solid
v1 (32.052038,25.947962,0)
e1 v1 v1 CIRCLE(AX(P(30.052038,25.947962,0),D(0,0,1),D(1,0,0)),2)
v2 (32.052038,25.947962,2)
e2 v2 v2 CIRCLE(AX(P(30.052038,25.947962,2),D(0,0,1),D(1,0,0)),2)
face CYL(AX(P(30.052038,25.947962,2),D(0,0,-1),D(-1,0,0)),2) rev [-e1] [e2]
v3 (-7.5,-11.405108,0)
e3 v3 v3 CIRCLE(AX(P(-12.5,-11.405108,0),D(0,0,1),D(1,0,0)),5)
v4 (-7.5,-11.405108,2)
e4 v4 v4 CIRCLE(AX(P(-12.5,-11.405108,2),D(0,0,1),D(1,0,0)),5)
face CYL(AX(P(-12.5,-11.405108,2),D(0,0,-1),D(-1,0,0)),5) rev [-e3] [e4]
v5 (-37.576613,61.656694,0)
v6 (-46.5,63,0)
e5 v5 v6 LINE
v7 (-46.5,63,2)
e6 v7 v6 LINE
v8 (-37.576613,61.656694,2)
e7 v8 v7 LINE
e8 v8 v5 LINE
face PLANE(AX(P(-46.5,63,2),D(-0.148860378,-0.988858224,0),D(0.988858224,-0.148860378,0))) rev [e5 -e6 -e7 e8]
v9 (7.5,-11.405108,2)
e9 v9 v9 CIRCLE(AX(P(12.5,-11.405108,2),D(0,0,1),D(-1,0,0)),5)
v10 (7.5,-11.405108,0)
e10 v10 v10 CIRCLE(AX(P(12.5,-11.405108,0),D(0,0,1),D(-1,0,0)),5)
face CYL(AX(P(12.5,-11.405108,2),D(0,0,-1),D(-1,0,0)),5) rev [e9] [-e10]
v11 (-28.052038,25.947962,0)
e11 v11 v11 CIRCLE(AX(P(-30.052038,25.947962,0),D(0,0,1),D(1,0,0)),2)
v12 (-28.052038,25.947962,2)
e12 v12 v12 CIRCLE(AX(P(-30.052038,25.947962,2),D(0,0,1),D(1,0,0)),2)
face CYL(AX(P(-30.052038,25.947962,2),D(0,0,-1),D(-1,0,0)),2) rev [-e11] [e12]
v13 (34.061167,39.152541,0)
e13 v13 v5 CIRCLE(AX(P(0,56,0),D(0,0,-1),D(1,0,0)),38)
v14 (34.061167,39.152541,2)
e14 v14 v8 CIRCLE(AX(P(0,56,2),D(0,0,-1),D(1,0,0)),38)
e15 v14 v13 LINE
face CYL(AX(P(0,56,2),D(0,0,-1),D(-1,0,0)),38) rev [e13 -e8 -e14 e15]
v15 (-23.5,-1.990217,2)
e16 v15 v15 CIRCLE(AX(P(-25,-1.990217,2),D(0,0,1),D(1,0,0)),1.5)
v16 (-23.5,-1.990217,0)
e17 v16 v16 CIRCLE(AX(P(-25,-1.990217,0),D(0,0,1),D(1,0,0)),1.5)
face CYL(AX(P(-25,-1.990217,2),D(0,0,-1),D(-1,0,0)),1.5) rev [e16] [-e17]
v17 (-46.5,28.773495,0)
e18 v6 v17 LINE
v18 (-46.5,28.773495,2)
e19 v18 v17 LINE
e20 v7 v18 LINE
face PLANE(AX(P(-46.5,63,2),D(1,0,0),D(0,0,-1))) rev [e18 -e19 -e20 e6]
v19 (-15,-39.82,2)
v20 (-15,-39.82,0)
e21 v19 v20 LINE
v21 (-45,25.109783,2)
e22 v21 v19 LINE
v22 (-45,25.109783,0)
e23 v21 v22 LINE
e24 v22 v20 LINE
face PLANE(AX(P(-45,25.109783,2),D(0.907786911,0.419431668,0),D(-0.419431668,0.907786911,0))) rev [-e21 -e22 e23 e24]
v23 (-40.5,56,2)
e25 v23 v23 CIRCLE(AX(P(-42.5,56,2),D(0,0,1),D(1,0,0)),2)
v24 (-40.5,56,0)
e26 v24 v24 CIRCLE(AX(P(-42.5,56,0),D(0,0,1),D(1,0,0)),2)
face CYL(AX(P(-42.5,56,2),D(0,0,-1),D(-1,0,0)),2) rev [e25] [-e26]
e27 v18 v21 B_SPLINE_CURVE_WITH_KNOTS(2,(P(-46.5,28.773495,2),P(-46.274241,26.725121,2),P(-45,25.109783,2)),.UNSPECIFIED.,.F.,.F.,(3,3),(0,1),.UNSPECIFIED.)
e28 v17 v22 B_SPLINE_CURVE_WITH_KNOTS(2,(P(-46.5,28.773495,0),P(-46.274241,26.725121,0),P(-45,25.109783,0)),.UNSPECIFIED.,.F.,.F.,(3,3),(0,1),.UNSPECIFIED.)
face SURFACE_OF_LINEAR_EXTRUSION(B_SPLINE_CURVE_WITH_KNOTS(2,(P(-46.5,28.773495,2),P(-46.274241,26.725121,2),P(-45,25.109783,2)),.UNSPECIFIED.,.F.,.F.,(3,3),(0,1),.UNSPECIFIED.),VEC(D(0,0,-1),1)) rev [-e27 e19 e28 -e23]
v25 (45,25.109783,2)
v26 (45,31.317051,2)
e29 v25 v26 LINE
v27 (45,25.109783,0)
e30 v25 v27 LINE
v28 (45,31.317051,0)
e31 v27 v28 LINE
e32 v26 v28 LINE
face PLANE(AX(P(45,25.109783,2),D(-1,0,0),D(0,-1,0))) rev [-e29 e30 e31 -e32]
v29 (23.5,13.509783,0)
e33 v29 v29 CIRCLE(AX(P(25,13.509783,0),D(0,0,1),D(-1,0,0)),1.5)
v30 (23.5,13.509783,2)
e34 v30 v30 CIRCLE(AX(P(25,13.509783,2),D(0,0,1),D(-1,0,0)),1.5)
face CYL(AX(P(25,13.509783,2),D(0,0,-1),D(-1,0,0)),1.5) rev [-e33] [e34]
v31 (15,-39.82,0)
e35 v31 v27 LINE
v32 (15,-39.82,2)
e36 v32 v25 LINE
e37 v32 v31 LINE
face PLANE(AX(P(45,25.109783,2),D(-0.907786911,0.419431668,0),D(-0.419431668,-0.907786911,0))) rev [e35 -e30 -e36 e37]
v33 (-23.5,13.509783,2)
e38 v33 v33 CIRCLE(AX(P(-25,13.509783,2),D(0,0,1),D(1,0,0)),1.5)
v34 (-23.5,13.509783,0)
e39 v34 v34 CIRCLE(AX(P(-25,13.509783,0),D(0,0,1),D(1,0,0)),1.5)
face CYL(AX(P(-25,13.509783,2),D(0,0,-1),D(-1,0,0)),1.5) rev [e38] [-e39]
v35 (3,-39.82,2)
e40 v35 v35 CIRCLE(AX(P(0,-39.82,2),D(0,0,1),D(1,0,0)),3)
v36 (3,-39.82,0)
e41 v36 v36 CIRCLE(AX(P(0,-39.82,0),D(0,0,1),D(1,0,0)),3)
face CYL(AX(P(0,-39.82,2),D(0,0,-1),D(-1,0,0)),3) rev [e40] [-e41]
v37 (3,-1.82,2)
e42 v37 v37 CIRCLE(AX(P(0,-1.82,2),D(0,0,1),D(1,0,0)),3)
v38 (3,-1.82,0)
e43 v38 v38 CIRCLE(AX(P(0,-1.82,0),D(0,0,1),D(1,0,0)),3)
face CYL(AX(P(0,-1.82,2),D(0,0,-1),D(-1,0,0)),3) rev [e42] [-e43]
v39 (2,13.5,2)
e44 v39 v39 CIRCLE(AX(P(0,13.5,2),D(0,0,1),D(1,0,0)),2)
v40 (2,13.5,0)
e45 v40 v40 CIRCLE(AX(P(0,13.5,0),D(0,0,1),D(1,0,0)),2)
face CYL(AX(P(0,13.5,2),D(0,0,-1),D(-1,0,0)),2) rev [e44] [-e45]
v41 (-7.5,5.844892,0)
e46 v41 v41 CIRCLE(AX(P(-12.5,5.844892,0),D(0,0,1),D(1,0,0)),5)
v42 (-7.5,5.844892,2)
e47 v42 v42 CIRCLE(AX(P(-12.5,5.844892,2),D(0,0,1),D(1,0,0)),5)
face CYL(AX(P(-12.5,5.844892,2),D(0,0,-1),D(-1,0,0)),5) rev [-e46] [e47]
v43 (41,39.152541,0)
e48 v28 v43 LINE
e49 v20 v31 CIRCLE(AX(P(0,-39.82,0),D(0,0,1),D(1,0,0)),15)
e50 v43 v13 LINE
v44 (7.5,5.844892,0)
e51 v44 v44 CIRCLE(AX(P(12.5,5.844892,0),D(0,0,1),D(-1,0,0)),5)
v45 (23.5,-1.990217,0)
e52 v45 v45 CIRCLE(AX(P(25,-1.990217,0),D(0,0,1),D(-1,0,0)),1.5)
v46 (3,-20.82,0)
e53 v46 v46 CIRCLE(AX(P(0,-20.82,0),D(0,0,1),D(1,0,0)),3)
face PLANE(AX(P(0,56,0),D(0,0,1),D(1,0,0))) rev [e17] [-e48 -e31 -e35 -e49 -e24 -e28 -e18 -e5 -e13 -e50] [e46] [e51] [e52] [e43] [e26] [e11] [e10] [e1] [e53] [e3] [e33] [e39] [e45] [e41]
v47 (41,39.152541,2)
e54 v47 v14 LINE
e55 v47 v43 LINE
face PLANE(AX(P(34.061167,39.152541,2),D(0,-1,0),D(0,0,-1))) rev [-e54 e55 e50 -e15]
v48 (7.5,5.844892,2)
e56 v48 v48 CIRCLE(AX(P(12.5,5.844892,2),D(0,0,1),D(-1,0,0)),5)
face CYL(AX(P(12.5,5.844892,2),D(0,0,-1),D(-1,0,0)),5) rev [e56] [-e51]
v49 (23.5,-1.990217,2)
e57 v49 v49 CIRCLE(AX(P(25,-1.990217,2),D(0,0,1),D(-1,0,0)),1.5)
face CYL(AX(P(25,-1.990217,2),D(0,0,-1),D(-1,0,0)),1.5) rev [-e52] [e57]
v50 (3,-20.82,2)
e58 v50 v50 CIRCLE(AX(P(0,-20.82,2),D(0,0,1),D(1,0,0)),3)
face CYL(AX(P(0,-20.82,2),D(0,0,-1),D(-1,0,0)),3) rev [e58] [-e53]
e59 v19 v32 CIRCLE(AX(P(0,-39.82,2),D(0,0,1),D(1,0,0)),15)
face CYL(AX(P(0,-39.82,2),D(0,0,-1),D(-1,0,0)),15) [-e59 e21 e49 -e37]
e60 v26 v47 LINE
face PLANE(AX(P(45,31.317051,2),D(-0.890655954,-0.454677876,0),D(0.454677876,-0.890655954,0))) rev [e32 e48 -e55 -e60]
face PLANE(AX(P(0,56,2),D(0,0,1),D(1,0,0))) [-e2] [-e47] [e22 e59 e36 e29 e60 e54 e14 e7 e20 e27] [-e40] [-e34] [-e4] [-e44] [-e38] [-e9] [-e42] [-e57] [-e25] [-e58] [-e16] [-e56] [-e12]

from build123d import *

# Parameters (mm, degrees)
SKETCH_3_R      = 3
SKETCH_3_R_2    = 2
SKETCH_3_R_3    = 1.5
SKETCH_3_R_4    = 5
EXTRUDE_1_DEPTH = 2


with BuildPart() as part:
    # 草图3 → 凸台-拉伸1 (new body)
    with BuildSketch(Plane.XY):
        with BuildLine():
            Line((-46.5, 63), (-37.576612526, 61.656694359))
            ThreePointArc((-37.576612526, 61.656694359), (-11.38853896, 19.746708007), (34.06116735, 39.152540881))
            Line((34.06116735, 39.152540881), (41, 39.152540881))
            Line((41, 39.152540881), (45, 31.317051182))
            Line((45, 31.317051182), (45, 25.109783315))
            Line((45, 25.109783315), (15, -39.82))
            ThreePointArc((15, -39.82), (0, -54.82), (-15, -39.82))
            Line((-15, -39.82), (-45, 25.109783315))
            add(Edge.make_bspline(
                [(-45, 25.109783315), (-46.274240542, 26.725120767), (-46.5, 28.773494756)],
                knots=[0, 0, 0, 1, 1, 1], degree=2))
            Line((-46.5, 28.773494756), (-46.5, 63))
        make_face()
        with Locations((0, -1.82)):
            Circle(SKETCH_3_R, mode=Mode.SUBTRACT)
        with Locations((0, 13.5)):
            Circle(SKETCH_3_R_2, mode=Mode.SUBTRACT)
        with Locations((-30.0520382, 25.9479618)):
            Circle(SKETCH_3_R_2, mode=Mode.SUBTRACT)
        with Locations((-42.5, 56)):
            Circle(SKETCH_3_R_2, mode=Mode.SUBTRACT)
        with Locations((30.0520382, 25.9479618)):
            Circle(SKETCH_3_R_2, mode=Mode.SUBTRACT)
        with Locations((0, -20.82)):
            Circle(SKETCH_3_R, mode=Mode.SUBTRACT)
        with Locations((0, -39.82)):
            Circle(SKETCH_3_R, mode=Mode.SUBTRACT)
        with Locations((-25, -1.990216685)):
            Circle(SKETCH_3_R_3, mode=Mode.SUBTRACT)
        with Locations((-25, 13.509783315)):
            Circle(SKETCH_3_R_3, mode=Mode.SUBTRACT)
        with Locations(Location((25, 13.509783315, 0), (0, 0, 180))):
            Circle(SKETCH_3_R_3, mode=Mode.SUBTRACT)
        with Locations(Location((25, -1.990216685, 0), (0, 0, 180))):
            Circle(SKETCH_3_R_3, mode=Mode.SUBTRACT)
        with Locations((-12.5, -11.405108343)):
            Circle(SKETCH_3_R_4, mode=Mode.SUBTRACT)
        with Locations((-12.5, 5.844891657)):
            Circle(SKETCH_3_R_4, mode=Mode.SUBTRACT)
        with Locations(Location((12.5, 5.844891657, 0), (0, 0, 180))):
            Circle(SKETCH_3_R_4, mode=Mode.SUBTRACT)
        with Locations(Location((12.5, -11.405108343, 0), (0, 0, 180))):
            Circle(SKETCH_3_R_4, mode=Mode.SUBTRACT)
    extrude(amount=EXTRUDE_1_DEPTH)


solid = part.part
